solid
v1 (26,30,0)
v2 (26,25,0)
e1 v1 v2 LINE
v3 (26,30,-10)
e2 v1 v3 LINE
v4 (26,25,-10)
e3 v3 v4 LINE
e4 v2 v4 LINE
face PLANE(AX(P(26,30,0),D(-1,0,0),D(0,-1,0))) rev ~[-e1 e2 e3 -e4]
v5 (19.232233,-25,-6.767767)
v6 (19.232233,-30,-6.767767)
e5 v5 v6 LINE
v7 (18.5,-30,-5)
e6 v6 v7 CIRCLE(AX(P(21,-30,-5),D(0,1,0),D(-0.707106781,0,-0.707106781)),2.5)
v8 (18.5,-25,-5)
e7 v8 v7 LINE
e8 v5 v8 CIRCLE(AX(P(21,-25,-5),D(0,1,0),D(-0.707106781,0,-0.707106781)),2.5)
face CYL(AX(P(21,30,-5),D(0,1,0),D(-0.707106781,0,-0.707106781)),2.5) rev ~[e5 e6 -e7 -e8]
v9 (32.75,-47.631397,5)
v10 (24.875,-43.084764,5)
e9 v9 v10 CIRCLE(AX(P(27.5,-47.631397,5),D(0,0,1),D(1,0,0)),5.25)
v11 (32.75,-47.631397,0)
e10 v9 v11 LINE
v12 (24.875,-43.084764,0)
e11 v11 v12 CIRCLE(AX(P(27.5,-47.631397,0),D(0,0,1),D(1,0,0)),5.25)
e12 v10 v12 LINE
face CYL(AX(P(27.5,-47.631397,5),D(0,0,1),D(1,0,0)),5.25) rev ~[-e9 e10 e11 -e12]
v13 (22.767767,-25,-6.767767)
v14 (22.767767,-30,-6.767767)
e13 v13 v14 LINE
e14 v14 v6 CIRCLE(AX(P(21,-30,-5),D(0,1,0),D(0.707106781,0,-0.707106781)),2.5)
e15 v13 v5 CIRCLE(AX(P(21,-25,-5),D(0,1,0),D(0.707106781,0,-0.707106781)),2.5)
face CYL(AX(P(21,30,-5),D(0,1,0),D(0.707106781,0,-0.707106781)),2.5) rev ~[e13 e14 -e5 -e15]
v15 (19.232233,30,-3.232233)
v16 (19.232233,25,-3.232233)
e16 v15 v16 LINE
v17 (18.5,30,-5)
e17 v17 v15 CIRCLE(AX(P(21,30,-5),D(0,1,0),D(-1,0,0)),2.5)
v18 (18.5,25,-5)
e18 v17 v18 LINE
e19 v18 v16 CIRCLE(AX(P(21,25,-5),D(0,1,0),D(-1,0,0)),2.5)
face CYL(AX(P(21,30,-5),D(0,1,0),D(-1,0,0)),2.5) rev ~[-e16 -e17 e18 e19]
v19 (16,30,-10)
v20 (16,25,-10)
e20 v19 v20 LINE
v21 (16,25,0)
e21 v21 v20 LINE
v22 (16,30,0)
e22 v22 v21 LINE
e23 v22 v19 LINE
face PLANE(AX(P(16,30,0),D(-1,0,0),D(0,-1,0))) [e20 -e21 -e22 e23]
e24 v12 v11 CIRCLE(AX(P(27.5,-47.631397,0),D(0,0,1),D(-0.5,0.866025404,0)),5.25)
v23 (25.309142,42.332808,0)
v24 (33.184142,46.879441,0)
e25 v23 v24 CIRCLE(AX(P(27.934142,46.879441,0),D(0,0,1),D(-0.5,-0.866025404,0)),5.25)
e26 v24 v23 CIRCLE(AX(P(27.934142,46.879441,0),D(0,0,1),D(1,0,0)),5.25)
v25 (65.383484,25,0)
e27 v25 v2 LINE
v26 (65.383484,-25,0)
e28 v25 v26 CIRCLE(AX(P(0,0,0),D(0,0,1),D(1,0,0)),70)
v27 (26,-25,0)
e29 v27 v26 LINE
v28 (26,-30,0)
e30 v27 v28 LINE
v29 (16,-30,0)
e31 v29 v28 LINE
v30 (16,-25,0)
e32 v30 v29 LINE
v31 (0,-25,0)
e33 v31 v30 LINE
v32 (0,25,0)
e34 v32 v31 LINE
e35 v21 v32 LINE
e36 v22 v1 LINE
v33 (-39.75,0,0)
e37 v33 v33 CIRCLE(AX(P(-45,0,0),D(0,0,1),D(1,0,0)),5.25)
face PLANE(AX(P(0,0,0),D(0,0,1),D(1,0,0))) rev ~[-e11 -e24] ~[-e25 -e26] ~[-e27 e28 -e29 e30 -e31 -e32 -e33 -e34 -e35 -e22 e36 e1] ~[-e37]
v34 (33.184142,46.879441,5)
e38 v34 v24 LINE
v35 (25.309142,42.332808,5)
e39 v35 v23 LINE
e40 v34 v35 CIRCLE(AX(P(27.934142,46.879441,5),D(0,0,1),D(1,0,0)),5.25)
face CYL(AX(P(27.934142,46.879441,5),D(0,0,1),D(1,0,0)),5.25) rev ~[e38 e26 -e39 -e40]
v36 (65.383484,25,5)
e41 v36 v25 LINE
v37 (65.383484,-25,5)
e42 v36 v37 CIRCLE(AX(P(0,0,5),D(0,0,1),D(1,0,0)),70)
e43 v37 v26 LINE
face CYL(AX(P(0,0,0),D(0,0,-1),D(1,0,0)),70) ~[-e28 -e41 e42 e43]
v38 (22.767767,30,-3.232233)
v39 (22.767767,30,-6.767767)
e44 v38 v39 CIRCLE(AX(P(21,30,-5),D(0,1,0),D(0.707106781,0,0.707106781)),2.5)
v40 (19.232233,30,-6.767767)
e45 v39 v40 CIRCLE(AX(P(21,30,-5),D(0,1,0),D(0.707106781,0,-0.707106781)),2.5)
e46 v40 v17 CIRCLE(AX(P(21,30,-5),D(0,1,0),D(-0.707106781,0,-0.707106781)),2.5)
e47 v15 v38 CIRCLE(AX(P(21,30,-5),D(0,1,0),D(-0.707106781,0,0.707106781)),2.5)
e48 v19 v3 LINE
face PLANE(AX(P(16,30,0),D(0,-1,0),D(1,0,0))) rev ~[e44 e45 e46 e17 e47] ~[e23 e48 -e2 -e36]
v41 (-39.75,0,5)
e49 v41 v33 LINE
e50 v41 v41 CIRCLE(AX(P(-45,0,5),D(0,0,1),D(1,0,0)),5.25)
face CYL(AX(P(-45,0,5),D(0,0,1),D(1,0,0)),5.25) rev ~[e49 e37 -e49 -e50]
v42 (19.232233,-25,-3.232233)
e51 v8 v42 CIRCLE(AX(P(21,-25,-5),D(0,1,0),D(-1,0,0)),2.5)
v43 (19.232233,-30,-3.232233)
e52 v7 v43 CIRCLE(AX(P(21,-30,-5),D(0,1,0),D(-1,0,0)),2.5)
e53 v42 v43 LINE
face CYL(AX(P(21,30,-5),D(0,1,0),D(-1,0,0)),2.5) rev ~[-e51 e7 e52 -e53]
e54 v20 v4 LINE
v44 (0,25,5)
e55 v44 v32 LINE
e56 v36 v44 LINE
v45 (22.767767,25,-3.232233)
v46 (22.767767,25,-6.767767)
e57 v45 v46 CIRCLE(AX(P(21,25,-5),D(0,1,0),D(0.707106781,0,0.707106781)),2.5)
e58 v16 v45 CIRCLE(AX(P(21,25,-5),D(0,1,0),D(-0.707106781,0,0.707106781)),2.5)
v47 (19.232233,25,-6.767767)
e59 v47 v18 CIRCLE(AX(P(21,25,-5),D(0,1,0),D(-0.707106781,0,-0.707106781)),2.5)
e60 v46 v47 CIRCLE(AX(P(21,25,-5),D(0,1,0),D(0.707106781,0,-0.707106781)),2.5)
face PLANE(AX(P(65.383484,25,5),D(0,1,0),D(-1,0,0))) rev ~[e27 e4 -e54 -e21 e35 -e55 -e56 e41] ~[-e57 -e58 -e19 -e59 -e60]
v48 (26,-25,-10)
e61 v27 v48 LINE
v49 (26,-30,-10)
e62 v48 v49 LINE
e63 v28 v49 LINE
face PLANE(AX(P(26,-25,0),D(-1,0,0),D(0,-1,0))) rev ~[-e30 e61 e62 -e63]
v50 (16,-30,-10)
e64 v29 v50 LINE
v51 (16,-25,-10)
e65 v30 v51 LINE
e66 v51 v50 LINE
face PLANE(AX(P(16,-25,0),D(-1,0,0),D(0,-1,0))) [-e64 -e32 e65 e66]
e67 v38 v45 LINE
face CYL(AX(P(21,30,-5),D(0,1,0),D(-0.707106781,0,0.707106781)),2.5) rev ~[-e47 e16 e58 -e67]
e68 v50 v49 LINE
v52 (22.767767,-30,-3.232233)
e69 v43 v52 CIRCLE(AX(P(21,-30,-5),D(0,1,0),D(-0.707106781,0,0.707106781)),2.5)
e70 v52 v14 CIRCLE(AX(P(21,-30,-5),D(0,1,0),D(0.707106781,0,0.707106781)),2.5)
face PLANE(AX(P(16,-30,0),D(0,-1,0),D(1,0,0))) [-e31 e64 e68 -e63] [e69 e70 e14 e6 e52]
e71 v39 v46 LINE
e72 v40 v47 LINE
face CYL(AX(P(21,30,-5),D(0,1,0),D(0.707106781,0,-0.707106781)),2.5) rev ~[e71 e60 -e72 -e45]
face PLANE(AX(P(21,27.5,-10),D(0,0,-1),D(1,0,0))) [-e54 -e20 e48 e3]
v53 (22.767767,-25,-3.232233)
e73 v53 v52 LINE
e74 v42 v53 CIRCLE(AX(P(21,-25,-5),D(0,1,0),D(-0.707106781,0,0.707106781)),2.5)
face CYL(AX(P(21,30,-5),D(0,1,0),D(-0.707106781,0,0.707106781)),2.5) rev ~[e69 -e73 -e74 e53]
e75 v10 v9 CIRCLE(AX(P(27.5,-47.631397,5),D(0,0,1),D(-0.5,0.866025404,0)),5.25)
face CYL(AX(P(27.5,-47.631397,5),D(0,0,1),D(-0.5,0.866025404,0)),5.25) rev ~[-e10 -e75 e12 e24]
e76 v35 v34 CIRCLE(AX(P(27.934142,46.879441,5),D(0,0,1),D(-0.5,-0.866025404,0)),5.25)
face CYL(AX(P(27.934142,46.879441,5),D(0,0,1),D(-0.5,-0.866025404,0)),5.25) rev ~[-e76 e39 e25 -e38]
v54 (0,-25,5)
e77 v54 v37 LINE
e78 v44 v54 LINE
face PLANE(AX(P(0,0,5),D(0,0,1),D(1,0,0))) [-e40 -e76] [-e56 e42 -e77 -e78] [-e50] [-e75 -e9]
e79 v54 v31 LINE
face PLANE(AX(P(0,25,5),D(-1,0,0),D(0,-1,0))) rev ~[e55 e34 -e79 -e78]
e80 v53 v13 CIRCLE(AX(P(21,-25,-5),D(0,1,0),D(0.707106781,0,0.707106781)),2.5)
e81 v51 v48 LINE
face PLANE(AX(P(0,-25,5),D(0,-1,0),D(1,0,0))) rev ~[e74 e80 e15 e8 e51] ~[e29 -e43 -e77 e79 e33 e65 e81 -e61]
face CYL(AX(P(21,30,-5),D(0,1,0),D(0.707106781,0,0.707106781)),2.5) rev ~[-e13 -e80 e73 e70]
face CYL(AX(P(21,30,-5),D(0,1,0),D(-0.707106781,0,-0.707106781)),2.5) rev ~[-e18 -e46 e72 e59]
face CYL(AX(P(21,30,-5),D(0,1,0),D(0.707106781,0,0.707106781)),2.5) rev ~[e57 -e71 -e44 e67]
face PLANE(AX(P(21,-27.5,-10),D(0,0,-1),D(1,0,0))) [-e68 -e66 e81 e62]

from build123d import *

# Parameters (mm, degrees)
F0_R     = 70
F1_DEPTH = 5
F2_R     = 5.25
F3_DEPTH = 25
F5_DEPTH = 25
F6_W     = 10
F6_H     = 5
F7_DEPTH = 10
F9_DEPTH = 75.4


with BuildPart() as f1:
    # F0 (on Top) → F1 (new body)
    with BuildSketch(Plane.XY):
        Circle(F0_R)
    extrude(amount=F1_DEPTH)

    # F2 (on face) → F3 (cut)
    with BuildSketch(Plane.XY.offset(5)):
        with Locations((-45, 0)):
            Circle(F2_R)
        with BuildLine():
            ThreePointArc((33.1841421179, 46.8794410023), (25.3091421179, 51.4260743721), (25.3091421179, 42.3328076324))
            ThreePointArc((25.3091421179, 42.3328076324), (30.5591421179, 42.3328076324), (33.1841421179, 46.8794410023))
        make_face()
        with BuildLine():
            ThreePointArc((32.75, -47.6313972081), (30.125, -43.0847638383), (24.875, -43.0847638383))
            ThreePointArc((24.875, -43.0847638383), (24.875, -52.178030578), (32.75, -47.6313972081))
        make_face()
    extrude(amount=-F3_DEPTH, mode=Mode.SUBTRACT)

    # F4 (on face) → F5 (cut)
    with BuildSketch(Plane.XY.offset(5)):
        with BuildLine():
            Line((65.3834841531, 25), (0, 25))
            Line((0, 25), (0, -25))
            Line((0, -25), (65.3834841531, -25))
            ThreePointArc((65.3834841531, -25), (68.8361964766, -12.7113356749), (70, 0))
            ThreePointArc((70, 0), (68.8361964766, 12.7113356749), (65.3834841531, 25))
        make_face()
    extrude(amount=-F5_DEPTH, mode=Mode.SUBTRACT)

    # F6 (on face) → F7 (join)
    with BuildSketch(Plane(origin=(0, 0, 0), x_dir=(1, 0, 0), z_dir=(0, 0, -1))):
        with Locations((21, -27.5)):
            Rectangle(F6_W, F6_H)
        with Locations((21, 27.5)):
            Rectangle(F6_W, F6_H)
    extrude(amount=F7_DEPTH)

    # F8 (on face) → F9 (cut)
    with BuildSketch(Plane(origin=(0, 30, 0), x_dir=(-1, 0, 0), z_dir=(0, 1, 0))):
        with BuildLine():
            Line((-21, -5), (-22.767766953, -3.232233047))
            ThreePointArc((-22.767766953, -3.232233047), (-23.5, -5), (-22.767766953, -6.767766953))
            Line((-22.767766953, -6.767766953), (-21, -5))
        make_face()
        with BuildLine():
            Line((-19.232233047, -3.232233047), (-21, -5))
            Line((-21, -5), (-19.232233047, -6.767766953))
            ThreePointArc((-19.232233047, -6.767766953), (-18.6903011687, -5.9567085809), (-18.5, -5))
            ThreePointArc((-18.5, -5), (-18.6903011687, -4.0432914191), (-19.232233047, -3.232233047))
        make_face()
        with BuildLine():
            Line((-19.232233047, -6.767766953), (-21, -5))
            Line((-21, -5), (-22.767766953, -6.767766953))
            ThreePointArc((-22.767766953, -6.767766953), (-21, -7.5), (-19.232233047, -6.767766953))
        make_face()
        with BuildLine():
            ThreePointArc((-19.232233047, -3.232233047), (-21, -2.5), (-22.767766953, -3.232233047))
            Line((-22.767766953, -3.232233047), (-21, -5))
            Line((-21, -5), (-19.232233047, -3.232233047))
        make_face()
    extrude(amount=-F9_DEPTH, mode=Mode.SUBTRACT)


solid = f1.part
